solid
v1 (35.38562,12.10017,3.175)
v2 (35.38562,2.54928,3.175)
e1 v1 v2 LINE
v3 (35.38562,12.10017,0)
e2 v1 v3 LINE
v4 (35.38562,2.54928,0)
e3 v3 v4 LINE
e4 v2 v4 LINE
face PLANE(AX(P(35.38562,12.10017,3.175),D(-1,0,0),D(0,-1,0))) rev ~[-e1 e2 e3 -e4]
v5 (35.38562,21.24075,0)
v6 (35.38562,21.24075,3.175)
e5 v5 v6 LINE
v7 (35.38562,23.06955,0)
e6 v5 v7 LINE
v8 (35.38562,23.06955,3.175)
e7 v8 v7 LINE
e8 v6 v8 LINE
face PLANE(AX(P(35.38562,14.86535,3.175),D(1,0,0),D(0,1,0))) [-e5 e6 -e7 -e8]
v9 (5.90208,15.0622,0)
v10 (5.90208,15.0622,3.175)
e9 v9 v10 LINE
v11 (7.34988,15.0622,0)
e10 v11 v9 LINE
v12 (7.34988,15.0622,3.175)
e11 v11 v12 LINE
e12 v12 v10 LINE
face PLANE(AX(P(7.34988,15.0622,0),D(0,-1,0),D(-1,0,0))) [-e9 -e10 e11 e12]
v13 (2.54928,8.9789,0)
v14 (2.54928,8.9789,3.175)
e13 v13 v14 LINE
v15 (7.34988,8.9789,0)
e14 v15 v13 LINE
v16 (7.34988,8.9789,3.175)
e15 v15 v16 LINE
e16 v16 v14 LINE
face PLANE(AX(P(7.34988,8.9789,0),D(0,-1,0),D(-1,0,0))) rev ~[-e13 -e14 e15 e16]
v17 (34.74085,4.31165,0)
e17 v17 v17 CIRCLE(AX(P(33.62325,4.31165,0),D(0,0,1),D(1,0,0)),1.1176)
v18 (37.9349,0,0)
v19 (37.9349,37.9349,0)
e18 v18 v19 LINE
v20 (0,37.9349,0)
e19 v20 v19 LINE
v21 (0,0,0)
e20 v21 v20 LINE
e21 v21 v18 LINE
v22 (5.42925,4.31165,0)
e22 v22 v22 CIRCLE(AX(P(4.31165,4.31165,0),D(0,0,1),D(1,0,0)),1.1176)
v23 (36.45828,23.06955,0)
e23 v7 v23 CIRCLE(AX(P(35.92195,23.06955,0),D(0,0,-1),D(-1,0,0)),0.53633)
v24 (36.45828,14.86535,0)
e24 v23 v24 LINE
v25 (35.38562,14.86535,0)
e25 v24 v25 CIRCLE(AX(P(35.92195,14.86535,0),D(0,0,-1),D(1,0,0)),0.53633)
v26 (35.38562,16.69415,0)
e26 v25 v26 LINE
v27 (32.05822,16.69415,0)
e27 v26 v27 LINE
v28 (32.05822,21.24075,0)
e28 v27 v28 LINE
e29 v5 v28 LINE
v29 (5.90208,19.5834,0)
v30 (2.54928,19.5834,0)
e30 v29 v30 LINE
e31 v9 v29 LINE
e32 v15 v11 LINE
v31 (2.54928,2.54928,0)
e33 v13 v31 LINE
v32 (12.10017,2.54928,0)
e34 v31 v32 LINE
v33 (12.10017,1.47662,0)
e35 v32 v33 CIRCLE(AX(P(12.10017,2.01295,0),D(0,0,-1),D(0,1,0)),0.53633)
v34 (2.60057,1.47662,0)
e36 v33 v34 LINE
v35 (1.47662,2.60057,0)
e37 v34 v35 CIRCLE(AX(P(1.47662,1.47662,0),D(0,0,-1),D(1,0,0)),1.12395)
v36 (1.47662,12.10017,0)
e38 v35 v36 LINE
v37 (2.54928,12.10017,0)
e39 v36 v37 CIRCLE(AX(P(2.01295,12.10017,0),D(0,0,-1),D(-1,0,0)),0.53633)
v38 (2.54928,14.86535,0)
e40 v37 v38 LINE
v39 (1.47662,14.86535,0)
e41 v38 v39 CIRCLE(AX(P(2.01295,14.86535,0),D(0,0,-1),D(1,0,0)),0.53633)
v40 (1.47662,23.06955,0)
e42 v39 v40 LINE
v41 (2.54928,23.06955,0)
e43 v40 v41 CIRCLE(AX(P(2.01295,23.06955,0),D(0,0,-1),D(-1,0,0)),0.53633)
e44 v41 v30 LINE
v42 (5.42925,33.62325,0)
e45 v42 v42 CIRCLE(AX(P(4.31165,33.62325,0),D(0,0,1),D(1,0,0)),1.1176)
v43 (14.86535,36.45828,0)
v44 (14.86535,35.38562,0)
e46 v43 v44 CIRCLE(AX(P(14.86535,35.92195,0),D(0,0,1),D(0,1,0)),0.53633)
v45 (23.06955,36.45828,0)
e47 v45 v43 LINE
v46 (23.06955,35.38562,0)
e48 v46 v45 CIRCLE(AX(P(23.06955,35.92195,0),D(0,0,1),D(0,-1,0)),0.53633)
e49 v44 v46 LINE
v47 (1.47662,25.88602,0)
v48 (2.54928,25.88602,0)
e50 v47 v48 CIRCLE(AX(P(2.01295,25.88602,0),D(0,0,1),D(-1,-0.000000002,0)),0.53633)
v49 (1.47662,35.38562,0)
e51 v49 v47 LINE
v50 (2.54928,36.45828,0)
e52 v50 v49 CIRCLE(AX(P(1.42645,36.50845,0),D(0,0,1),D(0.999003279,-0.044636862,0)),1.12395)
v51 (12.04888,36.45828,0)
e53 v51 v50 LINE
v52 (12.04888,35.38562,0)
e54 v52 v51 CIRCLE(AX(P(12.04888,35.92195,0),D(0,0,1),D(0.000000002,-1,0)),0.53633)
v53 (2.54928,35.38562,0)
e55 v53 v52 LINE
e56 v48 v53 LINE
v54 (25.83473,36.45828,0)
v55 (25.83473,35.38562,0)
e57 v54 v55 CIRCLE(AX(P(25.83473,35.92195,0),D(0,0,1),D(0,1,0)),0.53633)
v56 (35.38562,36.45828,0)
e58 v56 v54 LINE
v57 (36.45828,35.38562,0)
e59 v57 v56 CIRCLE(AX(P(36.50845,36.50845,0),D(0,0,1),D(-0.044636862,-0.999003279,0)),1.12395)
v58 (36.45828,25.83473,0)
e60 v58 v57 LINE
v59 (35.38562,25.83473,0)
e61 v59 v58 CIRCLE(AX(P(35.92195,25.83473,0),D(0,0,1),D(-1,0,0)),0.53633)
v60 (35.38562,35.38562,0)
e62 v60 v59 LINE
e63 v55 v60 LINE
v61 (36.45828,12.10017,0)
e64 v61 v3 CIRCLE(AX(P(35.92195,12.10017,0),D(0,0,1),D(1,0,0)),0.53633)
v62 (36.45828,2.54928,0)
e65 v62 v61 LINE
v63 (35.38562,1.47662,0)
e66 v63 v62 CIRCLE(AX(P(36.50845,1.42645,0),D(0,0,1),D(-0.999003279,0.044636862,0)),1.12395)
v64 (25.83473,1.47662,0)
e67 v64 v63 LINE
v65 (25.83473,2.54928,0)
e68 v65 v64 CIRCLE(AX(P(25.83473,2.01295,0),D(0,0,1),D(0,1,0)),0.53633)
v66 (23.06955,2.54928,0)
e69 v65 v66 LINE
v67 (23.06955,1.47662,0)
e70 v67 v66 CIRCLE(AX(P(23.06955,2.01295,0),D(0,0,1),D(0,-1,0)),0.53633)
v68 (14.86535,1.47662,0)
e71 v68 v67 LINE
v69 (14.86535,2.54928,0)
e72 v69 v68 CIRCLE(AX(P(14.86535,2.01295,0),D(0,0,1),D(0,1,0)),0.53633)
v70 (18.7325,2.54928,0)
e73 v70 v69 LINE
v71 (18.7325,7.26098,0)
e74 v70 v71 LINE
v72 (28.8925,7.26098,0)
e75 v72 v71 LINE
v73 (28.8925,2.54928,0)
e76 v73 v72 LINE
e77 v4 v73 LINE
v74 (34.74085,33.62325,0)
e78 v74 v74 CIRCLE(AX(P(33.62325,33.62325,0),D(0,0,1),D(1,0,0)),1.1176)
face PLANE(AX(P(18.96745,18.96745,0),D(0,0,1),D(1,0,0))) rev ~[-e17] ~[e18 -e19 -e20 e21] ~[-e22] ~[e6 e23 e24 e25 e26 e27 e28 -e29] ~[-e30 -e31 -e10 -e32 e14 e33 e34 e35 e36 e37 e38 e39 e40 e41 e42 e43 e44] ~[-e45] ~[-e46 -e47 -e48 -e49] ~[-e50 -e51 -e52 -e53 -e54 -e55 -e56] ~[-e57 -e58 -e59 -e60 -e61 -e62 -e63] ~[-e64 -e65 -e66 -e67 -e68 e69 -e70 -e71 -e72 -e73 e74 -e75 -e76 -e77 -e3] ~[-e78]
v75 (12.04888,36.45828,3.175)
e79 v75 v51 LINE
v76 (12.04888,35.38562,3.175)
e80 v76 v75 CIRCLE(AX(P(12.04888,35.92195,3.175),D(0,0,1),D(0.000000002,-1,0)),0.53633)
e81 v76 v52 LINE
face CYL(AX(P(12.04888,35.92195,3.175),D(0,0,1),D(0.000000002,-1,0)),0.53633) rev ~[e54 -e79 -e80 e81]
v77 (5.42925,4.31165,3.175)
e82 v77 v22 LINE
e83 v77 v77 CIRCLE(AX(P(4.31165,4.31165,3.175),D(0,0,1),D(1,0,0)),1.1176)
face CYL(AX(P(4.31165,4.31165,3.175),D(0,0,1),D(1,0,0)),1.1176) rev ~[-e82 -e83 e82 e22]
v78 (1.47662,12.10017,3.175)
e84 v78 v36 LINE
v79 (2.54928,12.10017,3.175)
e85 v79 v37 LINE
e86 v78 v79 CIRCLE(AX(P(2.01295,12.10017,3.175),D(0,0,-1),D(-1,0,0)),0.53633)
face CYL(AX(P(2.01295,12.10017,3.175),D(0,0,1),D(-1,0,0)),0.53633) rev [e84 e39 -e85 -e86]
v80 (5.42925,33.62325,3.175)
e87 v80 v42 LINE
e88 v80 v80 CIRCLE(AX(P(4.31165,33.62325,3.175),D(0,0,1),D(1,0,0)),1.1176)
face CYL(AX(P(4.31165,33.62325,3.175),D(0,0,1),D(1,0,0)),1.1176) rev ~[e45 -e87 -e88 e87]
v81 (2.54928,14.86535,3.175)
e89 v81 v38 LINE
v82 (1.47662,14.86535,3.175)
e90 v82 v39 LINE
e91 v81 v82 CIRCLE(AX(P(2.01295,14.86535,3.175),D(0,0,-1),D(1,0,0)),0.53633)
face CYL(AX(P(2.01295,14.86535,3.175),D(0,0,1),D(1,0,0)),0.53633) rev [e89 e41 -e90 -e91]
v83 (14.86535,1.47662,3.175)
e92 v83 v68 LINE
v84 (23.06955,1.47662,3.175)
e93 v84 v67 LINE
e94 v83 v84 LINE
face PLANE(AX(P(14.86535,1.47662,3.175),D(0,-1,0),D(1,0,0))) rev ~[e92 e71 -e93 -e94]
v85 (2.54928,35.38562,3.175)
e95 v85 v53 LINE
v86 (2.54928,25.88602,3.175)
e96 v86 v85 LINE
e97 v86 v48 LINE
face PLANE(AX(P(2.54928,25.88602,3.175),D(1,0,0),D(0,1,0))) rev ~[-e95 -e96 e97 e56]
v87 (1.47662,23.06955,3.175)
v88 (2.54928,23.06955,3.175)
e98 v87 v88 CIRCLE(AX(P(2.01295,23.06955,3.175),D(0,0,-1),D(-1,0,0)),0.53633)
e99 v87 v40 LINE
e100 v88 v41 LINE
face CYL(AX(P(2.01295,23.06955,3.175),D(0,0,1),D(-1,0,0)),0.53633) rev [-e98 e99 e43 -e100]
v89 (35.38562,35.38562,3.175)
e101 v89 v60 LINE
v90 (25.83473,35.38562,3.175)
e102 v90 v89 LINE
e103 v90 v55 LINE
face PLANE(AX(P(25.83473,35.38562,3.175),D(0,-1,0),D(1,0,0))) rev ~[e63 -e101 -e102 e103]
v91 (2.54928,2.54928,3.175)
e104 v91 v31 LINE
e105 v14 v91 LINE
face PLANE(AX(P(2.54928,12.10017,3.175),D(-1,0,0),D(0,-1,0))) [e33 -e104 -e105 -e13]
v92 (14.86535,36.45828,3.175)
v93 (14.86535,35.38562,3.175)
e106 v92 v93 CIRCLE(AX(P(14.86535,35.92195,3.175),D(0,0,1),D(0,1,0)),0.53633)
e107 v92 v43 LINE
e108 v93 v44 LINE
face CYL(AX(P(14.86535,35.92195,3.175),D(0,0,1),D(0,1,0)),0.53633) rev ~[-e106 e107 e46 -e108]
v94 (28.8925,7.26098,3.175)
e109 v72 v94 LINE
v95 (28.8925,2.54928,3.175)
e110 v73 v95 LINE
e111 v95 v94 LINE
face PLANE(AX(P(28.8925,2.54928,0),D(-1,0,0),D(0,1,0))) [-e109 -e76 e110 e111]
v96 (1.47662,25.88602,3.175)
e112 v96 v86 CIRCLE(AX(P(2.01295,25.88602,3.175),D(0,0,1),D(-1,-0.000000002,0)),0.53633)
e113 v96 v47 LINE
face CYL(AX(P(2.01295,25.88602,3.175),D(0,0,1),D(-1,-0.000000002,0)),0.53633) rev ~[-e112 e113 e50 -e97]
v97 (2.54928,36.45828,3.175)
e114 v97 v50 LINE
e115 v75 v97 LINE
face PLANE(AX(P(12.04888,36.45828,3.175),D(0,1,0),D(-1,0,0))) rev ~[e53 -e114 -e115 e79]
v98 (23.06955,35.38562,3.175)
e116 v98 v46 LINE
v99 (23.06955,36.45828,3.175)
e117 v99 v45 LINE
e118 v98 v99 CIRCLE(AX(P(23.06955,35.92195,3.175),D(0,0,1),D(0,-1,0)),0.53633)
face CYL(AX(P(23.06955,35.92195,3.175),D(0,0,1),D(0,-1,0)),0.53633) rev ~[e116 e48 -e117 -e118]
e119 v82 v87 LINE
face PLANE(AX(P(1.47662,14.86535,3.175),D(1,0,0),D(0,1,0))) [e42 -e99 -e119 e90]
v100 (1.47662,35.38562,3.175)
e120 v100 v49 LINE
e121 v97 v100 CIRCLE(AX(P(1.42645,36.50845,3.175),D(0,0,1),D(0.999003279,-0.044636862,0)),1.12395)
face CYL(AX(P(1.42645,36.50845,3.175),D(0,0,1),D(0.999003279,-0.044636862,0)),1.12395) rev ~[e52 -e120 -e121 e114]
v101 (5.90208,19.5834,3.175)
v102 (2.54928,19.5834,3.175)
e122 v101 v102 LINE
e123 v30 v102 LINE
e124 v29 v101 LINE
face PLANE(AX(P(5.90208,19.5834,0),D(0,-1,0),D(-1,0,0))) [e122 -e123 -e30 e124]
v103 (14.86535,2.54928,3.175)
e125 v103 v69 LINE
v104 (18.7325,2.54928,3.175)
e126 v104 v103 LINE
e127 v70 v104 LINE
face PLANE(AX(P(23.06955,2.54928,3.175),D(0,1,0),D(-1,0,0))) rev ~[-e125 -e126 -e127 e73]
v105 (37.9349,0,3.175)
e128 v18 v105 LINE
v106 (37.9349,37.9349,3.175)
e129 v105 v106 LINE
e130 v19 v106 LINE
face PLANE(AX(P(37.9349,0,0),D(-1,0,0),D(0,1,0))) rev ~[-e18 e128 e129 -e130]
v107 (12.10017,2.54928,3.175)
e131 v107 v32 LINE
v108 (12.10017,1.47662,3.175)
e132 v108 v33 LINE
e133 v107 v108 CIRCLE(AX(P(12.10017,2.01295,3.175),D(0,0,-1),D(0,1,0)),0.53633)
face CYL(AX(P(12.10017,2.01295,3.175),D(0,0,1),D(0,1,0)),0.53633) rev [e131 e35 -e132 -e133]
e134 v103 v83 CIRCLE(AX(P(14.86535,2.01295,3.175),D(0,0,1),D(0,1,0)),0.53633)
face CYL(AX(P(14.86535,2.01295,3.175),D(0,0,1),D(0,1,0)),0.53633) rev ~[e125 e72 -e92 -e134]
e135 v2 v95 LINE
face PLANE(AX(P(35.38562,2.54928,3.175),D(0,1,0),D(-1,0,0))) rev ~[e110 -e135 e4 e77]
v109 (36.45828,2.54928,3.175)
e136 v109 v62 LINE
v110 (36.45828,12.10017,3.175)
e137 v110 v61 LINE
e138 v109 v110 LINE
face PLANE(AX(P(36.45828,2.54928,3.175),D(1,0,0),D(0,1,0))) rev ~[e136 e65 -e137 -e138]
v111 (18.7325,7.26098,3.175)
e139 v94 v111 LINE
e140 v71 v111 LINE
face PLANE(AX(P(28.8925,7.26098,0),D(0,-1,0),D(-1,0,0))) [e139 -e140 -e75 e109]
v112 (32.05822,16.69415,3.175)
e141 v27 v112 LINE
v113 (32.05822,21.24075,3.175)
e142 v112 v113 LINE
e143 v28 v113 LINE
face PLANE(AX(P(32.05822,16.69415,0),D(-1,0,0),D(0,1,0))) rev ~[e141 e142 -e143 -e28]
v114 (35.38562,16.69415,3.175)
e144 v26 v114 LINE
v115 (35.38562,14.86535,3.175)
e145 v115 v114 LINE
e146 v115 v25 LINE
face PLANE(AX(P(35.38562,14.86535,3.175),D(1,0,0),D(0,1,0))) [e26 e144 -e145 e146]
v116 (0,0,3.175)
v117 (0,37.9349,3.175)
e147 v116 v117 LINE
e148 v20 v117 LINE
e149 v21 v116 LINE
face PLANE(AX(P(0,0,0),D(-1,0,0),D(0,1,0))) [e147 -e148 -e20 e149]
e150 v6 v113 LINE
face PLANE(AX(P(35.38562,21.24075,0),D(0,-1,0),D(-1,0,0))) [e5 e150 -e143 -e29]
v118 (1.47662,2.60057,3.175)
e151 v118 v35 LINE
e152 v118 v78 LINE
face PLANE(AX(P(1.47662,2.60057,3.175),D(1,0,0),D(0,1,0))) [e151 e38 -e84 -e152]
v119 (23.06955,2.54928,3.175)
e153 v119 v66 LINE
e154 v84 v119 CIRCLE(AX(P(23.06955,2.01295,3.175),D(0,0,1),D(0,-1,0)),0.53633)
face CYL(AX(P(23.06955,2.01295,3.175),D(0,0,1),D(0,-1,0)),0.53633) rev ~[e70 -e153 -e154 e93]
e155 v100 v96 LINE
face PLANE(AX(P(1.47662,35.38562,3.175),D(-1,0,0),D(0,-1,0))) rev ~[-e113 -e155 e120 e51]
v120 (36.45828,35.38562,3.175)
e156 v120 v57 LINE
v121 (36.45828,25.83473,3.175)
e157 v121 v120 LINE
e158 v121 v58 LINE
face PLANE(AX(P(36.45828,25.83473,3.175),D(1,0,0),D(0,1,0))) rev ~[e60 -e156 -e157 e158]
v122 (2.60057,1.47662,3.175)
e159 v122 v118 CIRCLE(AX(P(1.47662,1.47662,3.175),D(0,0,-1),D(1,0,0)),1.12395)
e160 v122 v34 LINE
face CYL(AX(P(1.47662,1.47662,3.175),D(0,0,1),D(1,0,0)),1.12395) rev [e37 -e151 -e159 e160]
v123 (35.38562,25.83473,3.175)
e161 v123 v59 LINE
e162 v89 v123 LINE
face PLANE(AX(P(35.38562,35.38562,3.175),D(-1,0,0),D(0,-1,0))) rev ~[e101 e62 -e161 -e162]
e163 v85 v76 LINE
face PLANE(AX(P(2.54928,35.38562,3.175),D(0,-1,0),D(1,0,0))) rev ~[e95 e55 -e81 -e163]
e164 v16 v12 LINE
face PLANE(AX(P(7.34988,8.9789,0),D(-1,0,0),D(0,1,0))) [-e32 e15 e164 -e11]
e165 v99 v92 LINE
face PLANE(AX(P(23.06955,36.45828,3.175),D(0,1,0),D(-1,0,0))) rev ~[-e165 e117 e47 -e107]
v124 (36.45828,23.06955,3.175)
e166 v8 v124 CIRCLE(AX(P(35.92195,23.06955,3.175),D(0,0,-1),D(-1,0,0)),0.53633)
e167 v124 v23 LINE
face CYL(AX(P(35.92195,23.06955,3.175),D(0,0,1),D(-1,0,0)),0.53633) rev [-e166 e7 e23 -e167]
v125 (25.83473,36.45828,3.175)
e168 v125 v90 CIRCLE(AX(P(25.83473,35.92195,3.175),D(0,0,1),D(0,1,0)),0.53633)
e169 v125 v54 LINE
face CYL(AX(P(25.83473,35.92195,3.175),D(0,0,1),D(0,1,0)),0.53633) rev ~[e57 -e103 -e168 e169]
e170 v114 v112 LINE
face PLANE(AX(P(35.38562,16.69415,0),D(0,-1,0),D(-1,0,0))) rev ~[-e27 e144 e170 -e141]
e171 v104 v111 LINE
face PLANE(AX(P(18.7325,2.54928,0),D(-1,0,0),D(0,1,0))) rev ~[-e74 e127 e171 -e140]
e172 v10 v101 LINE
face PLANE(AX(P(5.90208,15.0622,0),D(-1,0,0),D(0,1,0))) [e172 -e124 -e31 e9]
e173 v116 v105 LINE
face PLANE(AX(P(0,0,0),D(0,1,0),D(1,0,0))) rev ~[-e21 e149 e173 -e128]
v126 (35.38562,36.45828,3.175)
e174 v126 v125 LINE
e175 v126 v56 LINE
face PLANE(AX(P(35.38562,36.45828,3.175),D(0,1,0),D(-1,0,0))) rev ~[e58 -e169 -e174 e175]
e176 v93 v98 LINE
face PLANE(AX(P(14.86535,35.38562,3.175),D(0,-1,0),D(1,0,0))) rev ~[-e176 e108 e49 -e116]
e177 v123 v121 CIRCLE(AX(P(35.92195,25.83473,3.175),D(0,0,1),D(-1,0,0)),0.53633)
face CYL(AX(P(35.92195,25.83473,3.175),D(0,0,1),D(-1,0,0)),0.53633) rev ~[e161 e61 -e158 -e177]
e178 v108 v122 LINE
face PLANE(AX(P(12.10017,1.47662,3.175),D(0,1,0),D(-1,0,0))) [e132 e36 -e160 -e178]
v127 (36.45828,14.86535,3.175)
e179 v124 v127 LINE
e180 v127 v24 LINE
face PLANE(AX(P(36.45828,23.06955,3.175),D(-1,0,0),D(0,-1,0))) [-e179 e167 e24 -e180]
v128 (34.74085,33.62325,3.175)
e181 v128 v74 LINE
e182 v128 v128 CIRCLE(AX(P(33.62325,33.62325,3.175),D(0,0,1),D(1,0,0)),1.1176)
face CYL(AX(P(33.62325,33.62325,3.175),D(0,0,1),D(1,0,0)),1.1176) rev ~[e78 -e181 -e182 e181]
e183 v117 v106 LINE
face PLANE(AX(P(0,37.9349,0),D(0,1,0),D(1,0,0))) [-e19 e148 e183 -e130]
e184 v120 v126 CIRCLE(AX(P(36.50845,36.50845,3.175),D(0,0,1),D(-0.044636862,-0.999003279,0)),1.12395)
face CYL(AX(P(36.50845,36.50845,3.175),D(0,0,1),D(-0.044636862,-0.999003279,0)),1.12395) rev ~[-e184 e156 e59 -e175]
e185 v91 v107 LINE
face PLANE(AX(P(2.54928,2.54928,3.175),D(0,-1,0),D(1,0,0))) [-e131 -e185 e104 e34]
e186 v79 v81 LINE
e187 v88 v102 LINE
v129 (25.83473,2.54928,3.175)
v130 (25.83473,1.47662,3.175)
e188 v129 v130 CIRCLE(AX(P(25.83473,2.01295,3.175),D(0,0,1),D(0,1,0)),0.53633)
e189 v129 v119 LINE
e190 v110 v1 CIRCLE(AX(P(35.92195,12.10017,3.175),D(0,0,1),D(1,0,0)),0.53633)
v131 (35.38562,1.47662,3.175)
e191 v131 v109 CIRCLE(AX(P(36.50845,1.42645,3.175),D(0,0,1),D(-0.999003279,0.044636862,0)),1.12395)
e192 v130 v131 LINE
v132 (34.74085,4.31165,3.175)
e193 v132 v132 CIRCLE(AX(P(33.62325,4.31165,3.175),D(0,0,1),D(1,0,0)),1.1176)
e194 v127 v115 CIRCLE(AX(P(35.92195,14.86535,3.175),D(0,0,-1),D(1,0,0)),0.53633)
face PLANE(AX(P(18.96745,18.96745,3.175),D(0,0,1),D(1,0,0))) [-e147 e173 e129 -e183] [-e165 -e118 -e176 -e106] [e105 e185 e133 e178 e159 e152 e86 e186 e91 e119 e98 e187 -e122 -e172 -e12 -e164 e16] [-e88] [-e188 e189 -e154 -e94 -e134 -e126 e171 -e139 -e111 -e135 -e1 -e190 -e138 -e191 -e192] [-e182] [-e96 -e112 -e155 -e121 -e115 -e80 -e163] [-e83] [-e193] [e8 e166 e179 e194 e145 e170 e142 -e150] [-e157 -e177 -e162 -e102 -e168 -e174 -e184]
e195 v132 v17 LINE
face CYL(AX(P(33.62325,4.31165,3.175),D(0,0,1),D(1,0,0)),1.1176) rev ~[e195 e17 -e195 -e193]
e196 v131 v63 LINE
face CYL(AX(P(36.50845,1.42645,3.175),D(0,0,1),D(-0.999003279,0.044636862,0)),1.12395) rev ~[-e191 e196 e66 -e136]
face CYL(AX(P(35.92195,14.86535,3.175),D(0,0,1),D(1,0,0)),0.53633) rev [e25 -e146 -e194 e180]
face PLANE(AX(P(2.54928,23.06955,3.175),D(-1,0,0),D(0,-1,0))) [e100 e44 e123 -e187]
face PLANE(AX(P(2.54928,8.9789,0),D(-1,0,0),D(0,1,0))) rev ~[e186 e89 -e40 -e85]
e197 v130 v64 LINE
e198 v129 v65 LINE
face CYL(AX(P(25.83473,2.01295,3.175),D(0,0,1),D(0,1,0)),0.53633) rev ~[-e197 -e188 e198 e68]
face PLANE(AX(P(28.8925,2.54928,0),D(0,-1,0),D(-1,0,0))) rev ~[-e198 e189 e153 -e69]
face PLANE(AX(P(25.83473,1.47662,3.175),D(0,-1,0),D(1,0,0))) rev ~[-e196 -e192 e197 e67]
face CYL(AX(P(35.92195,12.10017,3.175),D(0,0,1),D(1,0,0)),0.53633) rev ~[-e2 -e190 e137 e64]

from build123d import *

# Parameters (mm, degrees)
SKETCH1_W           = 37.9349
SKETCH1_H           = 37.9349
BOSS_EXTRUDE1_DEPTH = 3.175
SKETCH9_R           = 1.1176
CUT_EXTRUDE2_DEPTH  = 3.175
SKETCH12_W          = 3.3274
SKETCH12_H          = 4.5466
CUT_EXTRUDE4_DEPTH  = 3.175
SKETCH15_W          = 3.3528
SKETCH15_H          = 4.5212
CUT_EXTRUDE3_DEPTH  = 3.175
SKETCH13_W          = 10.16
SKETCH13_H          = 4.7117
CUT_EXTRUDE5_DEPTH  = 3.175
SKETCH14_W          = 4.8006
SKETCH14_H          = 6.0833
CUT_EXTRUDE6_DEPTH  = 3.175


with BuildPart() as part:
    # Sketch1 → Boss-Extrude1 (new body)
    with BuildSketch(Plane.XY):
        with Locations((18.96745, 18.96745)):
            Rectangle(SKETCH1_W, SKETCH1_H)
    extrude(amount=BOSS_EXTRUDE1_DEPTH)

    # Sketch9 → Cut-Extrude2 (cut)
    with BuildSketch(Plane.XY.offset(3.175)):
        with Locations((33.62325, 33.62325)):
            Circle(SKETCH9_R)
        with Locations((4.31165, 33.62325)):
            Circle(SKETCH9_R)
        with Locations((4.31165, 4.31165)):
            Circle(SKETCH9_R)
        with Locations((33.62325, 4.31165)):
            Circle(SKETCH9_R)
        with BuildLine():
            Line((35.385619933, 12.100169933), (35.385619933, 2.549280067))
            Line((35.385619933, 2.549280067), (25.834730067, 2.549280067))
            ThreePointArc((25.834730067, 2.549280067), (25.2984, 2.01295), (25.834730067, 1.476619933))
            Line((25.834730067, 1.476619933), (35.385619933, 1.476619933))
            ThreePointArc((35.385619933, 1.476619933), (37.303202335, 0.631697665), (36.458280067, 2.549280067))
            Line((36.458280067, 2.549280067), (36.458280067, 12.100169933))
            ThreePointArc((36.458280067, 12.100169933), (35.92195, 12.6365), (35.385619933, 12.100169933))
        make_face()
        with BuildLine():
            Line((35.385619933, 36.458280067), (25.834730067, 36.458280067))
            ThreePointArc((25.834730067, 36.458280067), (25.2984, 35.92195), (25.834730067, 35.385619933))
            Line((25.834730067, 35.385619933), (35.385619933, 35.385619933))
            Line((35.385619933, 35.385619933), (35.385619933, 25.834730067))
            ThreePointArc((35.385619933, 25.834730067), (35.92195, 25.2984), (36.458280067, 25.834730067))
            Line((36.458280067, 25.834730067), (36.458280067, 35.385619933))
            ThreePointArc((36.458280067, 35.385619933), (37.303202335, 37.303202335), (35.385619933, 36.458280067))
        make_face()
        with BuildLine():
            Line((12.048880067, 36.458280067), (2.549280067, 36.458280067))
            ThreePointArc((2.549280067, 36.458280067), (0.631697665, 37.303202335), (1.476619933, 35.385619933))
            Line((1.476619933, 35.385619933), (1.476619933, 25.886019933))
            ThreePointArc((1.476619933, 25.886019933), (2.01295, 25.349689867), (2.549280067, 25.886019933))
            Line((2.549280067, 25.886019933), (2.549280067, 35.385619933))
            Line((2.549280067, 35.385619933), (12.048880067, 35.385619933))
            ThreePointArc((12.048880067, 35.385619933), (12.585210133, 35.92195), (12.048880067, 36.458280067))
        make_face()
        with BuildLine():
            Line((23.06955, 36.458280067), (14.86535, 36.458280067))
            ThreePointArc((14.86535, 36.458280067), (14.329019933, 35.92195), (14.86535, 35.385619933))
            Line((14.86535, 35.385619933), (23.06955, 35.385619933))
            ThreePointArc((23.06955, 35.385619933), (23.605880067, 35.92195), (23.06955, 36.458280067))
        make_face()
        with BuildLine():
            Line((2.549280067, 23.06955), (2.549280067, 14.86535))
            ThreePointArc((2.549280067, 14.86535), (2.01295, 14.329019933), (1.476619933, 14.86535))
            Line((1.476619933, 14.86535), (1.476619933, 23.06955))
            ThreePointArc((1.476619933, 23.06955), (2.01295, 23.605880067), (2.549280067, 23.06955))
        make_face()
        with BuildLine():
            Line((36.458280067, 23.06955), (36.458280067, 14.86535))
            ThreePointArc((36.458280067, 14.86535), (35.92195, 14.329019933), (35.385619933, 14.86535))
            Line((35.385619933, 14.86535), (35.385619933, 23.06955))
            ThreePointArc((35.385619933, 23.06955), (35.92195, 23.605880067), (36.458280067, 23.06955))
        make_face()
        with BuildLine():
            Line((23.06955, 2.549280067), (14.86535, 2.549280067))
            ThreePointArc((14.86535, 2.549280067), (14.329019933, 2.01295), (14.86535, 1.476619933))
            Line((14.86535, 1.476619933), (23.06955, 1.476619933))
            ThreePointArc((23.06955, 1.476619933), (23.605880067, 2.01295), (23.06955, 2.549280067))
        make_face()
        with BuildLine():
            Line((2.549280067, 12.100169933), (2.549280067, 2.549280067))
            Line((2.549280067, 2.549280067), (12.100169933, 2.549280067))
            ThreePointArc((12.100169933, 2.549280067), (12.6365, 2.01295), (12.100169933, 1.476619933))
            Line((12.100169933, 1.476619933), (2.600569933, 1.476619933))
            ThreePointArc((2.600569933, 1.476619933), (0.681867267, 0.681867267), (1.476619933, 2.600569933))
            Line((1.476619933, 2.600569933), (1.476619933, 12.100169933))
            ThreePointArc((1.476619933, 12.100169933), (2.01295, 12.6365), (2.549280067, 12.100169933))
        make_face()
    extrude(amount=-CUT_EXTRUDE2_DEPTH, mode=Mode.SUBTRACT)

    # Sketch12 → Cut-Extrude4 (cut)
    with BuildSketch(Plane(origin=(0, 0, 0), x_dir=(-1, 0, 0), z_dir=(0, 0, -1))):
        with Locations((-33.721919933, 18.96745)):
            Rectangle(SKETCH12_W, SKETCH12_H)
    extrude(amount=-CUT_EXTRUDE4_DEPTH, mode=Mode.SUBTRACT)

    # Sketch15 → Cut-Extrude3 (cut)
    with BuildSketch(Plane(origin=(0, 0, 0), x_dir=(-1, 0, 0), z_dir=(0, 0, -1))):
        with Locations((-4.225680067, 17.3228)):
            Rectangle(SKETCH15_W, SKETCH15_H)
    extrude(amount=-CUT_EXTRUDE3_DEPTH, mode=Mode.SUBTRACT)

    # Sketch13 → Cut-Extrude5 (cut)
    with BuildSketch(Plane(origin=(0, 0, 0), x_dir=(-1, 0, 0), z_dir=(0, 0, -1))):
        with Locations((-23.8125, 4.905130067)):
            Rectangle(SKETCH13_W, SKETCH13_H)
    extrude(amount=-CUT_EXTRUDE5_DEPTH, mode=Mode.SUBTRACT)

    # Sketch14 → Cut-Extrude6 (cut)
    with BuildSketch(Plane(origin=(0, 0, 0), x_dir=(-1, 0, 0), z_dir=(0, 0, -1))):
        with Locations((-4.949580067, 12.02055)):
            Rectangle(SKETCH14_W, SKETCH14_H)
    extrude(amount=-CUT_EXTRUDE6_DEPTH, mode=Mode.SUBTRACT)


solid = part.part
